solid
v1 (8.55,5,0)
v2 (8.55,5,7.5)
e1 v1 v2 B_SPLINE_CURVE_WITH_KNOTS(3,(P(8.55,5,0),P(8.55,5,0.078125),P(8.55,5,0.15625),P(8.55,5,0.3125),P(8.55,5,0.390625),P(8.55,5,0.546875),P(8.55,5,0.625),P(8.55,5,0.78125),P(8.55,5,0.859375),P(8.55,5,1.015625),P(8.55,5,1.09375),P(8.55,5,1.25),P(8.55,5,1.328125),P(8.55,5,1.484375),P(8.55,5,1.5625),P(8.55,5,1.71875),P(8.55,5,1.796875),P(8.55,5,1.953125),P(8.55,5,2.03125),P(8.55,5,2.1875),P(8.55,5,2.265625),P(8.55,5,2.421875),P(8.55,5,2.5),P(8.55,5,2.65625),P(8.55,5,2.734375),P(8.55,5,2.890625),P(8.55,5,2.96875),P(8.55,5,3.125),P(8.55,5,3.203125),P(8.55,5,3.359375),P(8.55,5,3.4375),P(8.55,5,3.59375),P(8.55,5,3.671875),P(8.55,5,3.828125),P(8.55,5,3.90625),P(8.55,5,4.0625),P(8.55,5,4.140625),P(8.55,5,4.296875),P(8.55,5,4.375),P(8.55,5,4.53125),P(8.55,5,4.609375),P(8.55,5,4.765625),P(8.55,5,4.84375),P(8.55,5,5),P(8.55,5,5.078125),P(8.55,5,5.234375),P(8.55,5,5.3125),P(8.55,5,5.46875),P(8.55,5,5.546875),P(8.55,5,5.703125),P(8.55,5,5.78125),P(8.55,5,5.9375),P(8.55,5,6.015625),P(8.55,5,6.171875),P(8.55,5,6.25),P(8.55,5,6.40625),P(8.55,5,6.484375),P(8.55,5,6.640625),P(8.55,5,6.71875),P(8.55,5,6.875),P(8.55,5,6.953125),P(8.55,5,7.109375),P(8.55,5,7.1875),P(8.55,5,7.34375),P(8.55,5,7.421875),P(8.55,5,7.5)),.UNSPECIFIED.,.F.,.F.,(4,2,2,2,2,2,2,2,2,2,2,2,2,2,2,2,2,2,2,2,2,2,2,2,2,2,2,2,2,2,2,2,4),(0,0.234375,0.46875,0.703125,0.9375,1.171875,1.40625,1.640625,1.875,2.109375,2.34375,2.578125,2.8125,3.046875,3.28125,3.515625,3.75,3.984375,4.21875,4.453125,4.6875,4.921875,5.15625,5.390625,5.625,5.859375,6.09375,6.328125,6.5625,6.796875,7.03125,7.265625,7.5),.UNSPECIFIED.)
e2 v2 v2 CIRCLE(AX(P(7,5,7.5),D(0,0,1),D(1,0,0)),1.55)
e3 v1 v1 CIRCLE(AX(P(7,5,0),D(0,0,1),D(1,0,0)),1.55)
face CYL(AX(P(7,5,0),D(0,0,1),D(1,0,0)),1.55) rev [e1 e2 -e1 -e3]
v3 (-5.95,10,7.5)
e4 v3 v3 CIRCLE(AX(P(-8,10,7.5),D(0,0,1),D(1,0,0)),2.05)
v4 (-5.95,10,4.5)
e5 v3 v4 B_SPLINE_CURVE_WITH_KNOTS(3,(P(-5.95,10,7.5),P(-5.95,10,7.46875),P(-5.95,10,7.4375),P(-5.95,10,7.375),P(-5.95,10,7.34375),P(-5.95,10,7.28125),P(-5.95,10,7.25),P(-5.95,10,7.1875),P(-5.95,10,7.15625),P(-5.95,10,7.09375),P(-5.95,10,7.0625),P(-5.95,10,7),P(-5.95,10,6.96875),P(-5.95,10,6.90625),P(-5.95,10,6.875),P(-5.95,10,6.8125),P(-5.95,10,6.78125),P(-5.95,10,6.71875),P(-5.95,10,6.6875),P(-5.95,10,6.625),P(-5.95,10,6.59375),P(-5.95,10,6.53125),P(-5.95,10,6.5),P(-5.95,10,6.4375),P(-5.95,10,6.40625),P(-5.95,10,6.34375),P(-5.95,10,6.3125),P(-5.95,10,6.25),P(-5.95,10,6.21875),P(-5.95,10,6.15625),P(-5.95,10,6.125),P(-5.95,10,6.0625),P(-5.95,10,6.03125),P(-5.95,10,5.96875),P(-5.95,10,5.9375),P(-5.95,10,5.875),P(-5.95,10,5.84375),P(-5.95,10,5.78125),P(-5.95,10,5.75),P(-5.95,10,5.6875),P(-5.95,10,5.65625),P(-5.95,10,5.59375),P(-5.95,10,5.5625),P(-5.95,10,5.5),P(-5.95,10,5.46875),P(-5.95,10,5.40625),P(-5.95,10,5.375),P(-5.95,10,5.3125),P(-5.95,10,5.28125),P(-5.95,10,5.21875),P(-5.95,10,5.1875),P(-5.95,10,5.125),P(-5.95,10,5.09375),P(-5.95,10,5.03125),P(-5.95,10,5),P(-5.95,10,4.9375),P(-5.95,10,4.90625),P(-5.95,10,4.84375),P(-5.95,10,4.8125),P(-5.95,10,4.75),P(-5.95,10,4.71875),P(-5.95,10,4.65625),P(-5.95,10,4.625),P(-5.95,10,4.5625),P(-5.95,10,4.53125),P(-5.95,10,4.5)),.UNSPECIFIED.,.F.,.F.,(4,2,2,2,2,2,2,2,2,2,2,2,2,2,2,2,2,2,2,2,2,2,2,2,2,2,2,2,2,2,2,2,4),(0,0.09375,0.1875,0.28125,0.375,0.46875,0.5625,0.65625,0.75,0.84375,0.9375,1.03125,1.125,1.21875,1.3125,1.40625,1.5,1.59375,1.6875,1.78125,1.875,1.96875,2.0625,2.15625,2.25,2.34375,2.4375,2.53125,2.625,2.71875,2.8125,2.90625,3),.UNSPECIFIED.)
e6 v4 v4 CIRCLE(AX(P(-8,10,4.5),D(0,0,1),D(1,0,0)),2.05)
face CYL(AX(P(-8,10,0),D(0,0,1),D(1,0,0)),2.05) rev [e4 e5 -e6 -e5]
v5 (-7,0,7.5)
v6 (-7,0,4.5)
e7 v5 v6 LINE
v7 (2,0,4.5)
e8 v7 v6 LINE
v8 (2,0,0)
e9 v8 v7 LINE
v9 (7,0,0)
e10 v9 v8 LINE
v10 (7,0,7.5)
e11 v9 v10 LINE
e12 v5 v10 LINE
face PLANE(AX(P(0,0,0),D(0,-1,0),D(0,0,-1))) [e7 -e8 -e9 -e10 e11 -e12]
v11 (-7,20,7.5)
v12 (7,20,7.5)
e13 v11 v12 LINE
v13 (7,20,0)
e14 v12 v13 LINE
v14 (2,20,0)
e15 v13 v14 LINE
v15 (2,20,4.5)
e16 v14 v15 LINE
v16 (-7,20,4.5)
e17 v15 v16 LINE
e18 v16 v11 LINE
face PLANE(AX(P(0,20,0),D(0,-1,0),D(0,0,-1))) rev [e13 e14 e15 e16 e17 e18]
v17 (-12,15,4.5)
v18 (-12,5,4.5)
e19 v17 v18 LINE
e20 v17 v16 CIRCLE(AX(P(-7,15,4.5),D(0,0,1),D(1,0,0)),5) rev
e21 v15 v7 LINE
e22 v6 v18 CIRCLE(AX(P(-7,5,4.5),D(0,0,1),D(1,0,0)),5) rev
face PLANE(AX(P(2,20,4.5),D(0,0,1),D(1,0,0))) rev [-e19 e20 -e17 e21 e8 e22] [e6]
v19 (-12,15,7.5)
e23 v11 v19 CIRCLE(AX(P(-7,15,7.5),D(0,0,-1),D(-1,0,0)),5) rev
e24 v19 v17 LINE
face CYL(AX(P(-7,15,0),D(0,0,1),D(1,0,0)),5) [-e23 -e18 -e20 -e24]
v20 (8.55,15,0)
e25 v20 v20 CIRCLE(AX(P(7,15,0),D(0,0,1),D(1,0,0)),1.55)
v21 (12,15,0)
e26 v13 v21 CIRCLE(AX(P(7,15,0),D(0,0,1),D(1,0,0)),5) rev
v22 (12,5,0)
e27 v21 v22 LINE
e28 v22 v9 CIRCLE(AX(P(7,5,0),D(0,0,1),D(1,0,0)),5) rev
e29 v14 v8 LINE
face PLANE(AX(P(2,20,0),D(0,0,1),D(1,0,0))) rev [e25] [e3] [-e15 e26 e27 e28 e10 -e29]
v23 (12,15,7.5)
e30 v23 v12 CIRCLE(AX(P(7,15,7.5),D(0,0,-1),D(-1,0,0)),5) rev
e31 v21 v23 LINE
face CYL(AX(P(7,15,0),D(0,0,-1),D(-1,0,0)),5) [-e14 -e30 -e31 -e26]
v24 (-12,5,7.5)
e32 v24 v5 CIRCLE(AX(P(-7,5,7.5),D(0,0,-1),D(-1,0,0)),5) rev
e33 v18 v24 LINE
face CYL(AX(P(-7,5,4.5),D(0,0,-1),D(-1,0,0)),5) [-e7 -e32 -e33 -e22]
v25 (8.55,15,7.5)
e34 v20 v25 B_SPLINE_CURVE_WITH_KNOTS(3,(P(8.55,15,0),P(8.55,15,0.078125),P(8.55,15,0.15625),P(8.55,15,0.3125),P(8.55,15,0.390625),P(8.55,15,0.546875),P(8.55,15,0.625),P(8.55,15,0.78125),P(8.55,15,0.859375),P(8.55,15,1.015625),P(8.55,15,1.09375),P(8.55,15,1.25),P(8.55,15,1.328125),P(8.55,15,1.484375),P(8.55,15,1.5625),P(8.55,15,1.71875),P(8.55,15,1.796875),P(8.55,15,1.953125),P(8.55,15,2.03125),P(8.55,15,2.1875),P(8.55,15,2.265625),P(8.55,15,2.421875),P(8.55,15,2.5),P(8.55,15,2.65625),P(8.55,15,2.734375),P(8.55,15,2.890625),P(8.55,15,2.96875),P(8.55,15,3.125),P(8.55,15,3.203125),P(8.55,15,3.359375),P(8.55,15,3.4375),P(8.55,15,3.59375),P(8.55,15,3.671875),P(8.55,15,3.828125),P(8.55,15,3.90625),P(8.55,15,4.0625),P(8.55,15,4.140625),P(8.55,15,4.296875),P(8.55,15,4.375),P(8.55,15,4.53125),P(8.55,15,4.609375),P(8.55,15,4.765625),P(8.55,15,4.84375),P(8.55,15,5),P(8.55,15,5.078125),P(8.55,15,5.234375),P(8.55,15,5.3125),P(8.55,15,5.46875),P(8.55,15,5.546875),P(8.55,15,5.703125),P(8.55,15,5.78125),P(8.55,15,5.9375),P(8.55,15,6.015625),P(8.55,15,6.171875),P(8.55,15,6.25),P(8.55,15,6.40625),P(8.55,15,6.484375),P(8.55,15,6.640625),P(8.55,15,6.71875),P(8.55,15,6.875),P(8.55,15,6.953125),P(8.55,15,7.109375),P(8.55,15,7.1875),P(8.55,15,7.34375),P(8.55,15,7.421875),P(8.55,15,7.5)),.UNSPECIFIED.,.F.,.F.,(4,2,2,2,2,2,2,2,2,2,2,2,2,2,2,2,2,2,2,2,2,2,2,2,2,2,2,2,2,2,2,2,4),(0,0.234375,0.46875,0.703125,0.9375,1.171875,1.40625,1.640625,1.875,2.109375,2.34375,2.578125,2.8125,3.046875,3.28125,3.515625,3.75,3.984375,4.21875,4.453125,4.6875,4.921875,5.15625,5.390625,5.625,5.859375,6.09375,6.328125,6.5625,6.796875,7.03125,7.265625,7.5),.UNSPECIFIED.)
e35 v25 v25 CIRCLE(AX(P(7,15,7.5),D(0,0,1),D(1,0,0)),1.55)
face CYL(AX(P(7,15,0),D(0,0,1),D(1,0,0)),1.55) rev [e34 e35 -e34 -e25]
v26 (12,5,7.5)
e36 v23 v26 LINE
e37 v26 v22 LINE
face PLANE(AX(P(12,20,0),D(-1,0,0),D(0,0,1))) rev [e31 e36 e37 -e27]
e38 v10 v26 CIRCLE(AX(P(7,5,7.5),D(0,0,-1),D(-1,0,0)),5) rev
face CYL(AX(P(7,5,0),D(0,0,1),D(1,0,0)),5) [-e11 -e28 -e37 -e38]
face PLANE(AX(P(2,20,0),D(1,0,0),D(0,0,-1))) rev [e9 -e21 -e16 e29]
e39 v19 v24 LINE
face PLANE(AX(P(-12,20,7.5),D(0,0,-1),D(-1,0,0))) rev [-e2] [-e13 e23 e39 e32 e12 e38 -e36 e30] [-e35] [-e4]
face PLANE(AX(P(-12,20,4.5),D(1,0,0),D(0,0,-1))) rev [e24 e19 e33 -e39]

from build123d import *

# Parameters (mm, degrees)
AUFSATZ_LINEAR_AUSTRAGEN1_DEPTH = 20
SKIZZE2_R                       = 2.05
SKIZZE2_R_2                     = 1.55
SCHNITT_LINEAR_AUSTRAGEN1_DEPTH = 25.5
VERRUNDUNG1_R                   = 5


with BuildPart() as part:
    # Skizze1 → Aufsatz-Linear austragen1 (new body)
    with BuildSketch(Plane(origin=(0, 0, 0), x_dir=(1, 0, 0), z_dir=(0, 1, 0))):
        Polygon((2, -4.5), (-12, -4.5), (-12, -7.5), (12, -7.5), (12, 0), (2, 0), align=None)
    extrude(amount=AUFSATZ_LINEAR_AUSTRAGEN1_DEPTH)

    # Skizze2 → Schnitt-Linear austragen1 (cut, through all)
    with BuildSketch(Plane.XY.offset(7.5)):
        with Locations((-8, 10)):
            Circle(SKIZZE2_R)
        with Locations((7, 15)):
            Circle(SKIZZE2_R_2)
        with Locations((7, 5)):
            Circle(SKIZZE2_R_2)
    extrude(amount=-SCHNITT_LINEAR_AUSTRAGEN1_DEPTH, mode=Mode.SUBTRACT)

    # Verrundung1
    verrundung1_edges = [part.edges().sort_by_distance(p)[0] for p in [
        (-12, 20, 6),
        (12, 20, 3.75),
        (12, 0, 3.75),
        (-12, 0, 6),
    ]]
    fillet(verrundung1_edges, radius=VERRUNDUNG1_R)


solid = part.part
